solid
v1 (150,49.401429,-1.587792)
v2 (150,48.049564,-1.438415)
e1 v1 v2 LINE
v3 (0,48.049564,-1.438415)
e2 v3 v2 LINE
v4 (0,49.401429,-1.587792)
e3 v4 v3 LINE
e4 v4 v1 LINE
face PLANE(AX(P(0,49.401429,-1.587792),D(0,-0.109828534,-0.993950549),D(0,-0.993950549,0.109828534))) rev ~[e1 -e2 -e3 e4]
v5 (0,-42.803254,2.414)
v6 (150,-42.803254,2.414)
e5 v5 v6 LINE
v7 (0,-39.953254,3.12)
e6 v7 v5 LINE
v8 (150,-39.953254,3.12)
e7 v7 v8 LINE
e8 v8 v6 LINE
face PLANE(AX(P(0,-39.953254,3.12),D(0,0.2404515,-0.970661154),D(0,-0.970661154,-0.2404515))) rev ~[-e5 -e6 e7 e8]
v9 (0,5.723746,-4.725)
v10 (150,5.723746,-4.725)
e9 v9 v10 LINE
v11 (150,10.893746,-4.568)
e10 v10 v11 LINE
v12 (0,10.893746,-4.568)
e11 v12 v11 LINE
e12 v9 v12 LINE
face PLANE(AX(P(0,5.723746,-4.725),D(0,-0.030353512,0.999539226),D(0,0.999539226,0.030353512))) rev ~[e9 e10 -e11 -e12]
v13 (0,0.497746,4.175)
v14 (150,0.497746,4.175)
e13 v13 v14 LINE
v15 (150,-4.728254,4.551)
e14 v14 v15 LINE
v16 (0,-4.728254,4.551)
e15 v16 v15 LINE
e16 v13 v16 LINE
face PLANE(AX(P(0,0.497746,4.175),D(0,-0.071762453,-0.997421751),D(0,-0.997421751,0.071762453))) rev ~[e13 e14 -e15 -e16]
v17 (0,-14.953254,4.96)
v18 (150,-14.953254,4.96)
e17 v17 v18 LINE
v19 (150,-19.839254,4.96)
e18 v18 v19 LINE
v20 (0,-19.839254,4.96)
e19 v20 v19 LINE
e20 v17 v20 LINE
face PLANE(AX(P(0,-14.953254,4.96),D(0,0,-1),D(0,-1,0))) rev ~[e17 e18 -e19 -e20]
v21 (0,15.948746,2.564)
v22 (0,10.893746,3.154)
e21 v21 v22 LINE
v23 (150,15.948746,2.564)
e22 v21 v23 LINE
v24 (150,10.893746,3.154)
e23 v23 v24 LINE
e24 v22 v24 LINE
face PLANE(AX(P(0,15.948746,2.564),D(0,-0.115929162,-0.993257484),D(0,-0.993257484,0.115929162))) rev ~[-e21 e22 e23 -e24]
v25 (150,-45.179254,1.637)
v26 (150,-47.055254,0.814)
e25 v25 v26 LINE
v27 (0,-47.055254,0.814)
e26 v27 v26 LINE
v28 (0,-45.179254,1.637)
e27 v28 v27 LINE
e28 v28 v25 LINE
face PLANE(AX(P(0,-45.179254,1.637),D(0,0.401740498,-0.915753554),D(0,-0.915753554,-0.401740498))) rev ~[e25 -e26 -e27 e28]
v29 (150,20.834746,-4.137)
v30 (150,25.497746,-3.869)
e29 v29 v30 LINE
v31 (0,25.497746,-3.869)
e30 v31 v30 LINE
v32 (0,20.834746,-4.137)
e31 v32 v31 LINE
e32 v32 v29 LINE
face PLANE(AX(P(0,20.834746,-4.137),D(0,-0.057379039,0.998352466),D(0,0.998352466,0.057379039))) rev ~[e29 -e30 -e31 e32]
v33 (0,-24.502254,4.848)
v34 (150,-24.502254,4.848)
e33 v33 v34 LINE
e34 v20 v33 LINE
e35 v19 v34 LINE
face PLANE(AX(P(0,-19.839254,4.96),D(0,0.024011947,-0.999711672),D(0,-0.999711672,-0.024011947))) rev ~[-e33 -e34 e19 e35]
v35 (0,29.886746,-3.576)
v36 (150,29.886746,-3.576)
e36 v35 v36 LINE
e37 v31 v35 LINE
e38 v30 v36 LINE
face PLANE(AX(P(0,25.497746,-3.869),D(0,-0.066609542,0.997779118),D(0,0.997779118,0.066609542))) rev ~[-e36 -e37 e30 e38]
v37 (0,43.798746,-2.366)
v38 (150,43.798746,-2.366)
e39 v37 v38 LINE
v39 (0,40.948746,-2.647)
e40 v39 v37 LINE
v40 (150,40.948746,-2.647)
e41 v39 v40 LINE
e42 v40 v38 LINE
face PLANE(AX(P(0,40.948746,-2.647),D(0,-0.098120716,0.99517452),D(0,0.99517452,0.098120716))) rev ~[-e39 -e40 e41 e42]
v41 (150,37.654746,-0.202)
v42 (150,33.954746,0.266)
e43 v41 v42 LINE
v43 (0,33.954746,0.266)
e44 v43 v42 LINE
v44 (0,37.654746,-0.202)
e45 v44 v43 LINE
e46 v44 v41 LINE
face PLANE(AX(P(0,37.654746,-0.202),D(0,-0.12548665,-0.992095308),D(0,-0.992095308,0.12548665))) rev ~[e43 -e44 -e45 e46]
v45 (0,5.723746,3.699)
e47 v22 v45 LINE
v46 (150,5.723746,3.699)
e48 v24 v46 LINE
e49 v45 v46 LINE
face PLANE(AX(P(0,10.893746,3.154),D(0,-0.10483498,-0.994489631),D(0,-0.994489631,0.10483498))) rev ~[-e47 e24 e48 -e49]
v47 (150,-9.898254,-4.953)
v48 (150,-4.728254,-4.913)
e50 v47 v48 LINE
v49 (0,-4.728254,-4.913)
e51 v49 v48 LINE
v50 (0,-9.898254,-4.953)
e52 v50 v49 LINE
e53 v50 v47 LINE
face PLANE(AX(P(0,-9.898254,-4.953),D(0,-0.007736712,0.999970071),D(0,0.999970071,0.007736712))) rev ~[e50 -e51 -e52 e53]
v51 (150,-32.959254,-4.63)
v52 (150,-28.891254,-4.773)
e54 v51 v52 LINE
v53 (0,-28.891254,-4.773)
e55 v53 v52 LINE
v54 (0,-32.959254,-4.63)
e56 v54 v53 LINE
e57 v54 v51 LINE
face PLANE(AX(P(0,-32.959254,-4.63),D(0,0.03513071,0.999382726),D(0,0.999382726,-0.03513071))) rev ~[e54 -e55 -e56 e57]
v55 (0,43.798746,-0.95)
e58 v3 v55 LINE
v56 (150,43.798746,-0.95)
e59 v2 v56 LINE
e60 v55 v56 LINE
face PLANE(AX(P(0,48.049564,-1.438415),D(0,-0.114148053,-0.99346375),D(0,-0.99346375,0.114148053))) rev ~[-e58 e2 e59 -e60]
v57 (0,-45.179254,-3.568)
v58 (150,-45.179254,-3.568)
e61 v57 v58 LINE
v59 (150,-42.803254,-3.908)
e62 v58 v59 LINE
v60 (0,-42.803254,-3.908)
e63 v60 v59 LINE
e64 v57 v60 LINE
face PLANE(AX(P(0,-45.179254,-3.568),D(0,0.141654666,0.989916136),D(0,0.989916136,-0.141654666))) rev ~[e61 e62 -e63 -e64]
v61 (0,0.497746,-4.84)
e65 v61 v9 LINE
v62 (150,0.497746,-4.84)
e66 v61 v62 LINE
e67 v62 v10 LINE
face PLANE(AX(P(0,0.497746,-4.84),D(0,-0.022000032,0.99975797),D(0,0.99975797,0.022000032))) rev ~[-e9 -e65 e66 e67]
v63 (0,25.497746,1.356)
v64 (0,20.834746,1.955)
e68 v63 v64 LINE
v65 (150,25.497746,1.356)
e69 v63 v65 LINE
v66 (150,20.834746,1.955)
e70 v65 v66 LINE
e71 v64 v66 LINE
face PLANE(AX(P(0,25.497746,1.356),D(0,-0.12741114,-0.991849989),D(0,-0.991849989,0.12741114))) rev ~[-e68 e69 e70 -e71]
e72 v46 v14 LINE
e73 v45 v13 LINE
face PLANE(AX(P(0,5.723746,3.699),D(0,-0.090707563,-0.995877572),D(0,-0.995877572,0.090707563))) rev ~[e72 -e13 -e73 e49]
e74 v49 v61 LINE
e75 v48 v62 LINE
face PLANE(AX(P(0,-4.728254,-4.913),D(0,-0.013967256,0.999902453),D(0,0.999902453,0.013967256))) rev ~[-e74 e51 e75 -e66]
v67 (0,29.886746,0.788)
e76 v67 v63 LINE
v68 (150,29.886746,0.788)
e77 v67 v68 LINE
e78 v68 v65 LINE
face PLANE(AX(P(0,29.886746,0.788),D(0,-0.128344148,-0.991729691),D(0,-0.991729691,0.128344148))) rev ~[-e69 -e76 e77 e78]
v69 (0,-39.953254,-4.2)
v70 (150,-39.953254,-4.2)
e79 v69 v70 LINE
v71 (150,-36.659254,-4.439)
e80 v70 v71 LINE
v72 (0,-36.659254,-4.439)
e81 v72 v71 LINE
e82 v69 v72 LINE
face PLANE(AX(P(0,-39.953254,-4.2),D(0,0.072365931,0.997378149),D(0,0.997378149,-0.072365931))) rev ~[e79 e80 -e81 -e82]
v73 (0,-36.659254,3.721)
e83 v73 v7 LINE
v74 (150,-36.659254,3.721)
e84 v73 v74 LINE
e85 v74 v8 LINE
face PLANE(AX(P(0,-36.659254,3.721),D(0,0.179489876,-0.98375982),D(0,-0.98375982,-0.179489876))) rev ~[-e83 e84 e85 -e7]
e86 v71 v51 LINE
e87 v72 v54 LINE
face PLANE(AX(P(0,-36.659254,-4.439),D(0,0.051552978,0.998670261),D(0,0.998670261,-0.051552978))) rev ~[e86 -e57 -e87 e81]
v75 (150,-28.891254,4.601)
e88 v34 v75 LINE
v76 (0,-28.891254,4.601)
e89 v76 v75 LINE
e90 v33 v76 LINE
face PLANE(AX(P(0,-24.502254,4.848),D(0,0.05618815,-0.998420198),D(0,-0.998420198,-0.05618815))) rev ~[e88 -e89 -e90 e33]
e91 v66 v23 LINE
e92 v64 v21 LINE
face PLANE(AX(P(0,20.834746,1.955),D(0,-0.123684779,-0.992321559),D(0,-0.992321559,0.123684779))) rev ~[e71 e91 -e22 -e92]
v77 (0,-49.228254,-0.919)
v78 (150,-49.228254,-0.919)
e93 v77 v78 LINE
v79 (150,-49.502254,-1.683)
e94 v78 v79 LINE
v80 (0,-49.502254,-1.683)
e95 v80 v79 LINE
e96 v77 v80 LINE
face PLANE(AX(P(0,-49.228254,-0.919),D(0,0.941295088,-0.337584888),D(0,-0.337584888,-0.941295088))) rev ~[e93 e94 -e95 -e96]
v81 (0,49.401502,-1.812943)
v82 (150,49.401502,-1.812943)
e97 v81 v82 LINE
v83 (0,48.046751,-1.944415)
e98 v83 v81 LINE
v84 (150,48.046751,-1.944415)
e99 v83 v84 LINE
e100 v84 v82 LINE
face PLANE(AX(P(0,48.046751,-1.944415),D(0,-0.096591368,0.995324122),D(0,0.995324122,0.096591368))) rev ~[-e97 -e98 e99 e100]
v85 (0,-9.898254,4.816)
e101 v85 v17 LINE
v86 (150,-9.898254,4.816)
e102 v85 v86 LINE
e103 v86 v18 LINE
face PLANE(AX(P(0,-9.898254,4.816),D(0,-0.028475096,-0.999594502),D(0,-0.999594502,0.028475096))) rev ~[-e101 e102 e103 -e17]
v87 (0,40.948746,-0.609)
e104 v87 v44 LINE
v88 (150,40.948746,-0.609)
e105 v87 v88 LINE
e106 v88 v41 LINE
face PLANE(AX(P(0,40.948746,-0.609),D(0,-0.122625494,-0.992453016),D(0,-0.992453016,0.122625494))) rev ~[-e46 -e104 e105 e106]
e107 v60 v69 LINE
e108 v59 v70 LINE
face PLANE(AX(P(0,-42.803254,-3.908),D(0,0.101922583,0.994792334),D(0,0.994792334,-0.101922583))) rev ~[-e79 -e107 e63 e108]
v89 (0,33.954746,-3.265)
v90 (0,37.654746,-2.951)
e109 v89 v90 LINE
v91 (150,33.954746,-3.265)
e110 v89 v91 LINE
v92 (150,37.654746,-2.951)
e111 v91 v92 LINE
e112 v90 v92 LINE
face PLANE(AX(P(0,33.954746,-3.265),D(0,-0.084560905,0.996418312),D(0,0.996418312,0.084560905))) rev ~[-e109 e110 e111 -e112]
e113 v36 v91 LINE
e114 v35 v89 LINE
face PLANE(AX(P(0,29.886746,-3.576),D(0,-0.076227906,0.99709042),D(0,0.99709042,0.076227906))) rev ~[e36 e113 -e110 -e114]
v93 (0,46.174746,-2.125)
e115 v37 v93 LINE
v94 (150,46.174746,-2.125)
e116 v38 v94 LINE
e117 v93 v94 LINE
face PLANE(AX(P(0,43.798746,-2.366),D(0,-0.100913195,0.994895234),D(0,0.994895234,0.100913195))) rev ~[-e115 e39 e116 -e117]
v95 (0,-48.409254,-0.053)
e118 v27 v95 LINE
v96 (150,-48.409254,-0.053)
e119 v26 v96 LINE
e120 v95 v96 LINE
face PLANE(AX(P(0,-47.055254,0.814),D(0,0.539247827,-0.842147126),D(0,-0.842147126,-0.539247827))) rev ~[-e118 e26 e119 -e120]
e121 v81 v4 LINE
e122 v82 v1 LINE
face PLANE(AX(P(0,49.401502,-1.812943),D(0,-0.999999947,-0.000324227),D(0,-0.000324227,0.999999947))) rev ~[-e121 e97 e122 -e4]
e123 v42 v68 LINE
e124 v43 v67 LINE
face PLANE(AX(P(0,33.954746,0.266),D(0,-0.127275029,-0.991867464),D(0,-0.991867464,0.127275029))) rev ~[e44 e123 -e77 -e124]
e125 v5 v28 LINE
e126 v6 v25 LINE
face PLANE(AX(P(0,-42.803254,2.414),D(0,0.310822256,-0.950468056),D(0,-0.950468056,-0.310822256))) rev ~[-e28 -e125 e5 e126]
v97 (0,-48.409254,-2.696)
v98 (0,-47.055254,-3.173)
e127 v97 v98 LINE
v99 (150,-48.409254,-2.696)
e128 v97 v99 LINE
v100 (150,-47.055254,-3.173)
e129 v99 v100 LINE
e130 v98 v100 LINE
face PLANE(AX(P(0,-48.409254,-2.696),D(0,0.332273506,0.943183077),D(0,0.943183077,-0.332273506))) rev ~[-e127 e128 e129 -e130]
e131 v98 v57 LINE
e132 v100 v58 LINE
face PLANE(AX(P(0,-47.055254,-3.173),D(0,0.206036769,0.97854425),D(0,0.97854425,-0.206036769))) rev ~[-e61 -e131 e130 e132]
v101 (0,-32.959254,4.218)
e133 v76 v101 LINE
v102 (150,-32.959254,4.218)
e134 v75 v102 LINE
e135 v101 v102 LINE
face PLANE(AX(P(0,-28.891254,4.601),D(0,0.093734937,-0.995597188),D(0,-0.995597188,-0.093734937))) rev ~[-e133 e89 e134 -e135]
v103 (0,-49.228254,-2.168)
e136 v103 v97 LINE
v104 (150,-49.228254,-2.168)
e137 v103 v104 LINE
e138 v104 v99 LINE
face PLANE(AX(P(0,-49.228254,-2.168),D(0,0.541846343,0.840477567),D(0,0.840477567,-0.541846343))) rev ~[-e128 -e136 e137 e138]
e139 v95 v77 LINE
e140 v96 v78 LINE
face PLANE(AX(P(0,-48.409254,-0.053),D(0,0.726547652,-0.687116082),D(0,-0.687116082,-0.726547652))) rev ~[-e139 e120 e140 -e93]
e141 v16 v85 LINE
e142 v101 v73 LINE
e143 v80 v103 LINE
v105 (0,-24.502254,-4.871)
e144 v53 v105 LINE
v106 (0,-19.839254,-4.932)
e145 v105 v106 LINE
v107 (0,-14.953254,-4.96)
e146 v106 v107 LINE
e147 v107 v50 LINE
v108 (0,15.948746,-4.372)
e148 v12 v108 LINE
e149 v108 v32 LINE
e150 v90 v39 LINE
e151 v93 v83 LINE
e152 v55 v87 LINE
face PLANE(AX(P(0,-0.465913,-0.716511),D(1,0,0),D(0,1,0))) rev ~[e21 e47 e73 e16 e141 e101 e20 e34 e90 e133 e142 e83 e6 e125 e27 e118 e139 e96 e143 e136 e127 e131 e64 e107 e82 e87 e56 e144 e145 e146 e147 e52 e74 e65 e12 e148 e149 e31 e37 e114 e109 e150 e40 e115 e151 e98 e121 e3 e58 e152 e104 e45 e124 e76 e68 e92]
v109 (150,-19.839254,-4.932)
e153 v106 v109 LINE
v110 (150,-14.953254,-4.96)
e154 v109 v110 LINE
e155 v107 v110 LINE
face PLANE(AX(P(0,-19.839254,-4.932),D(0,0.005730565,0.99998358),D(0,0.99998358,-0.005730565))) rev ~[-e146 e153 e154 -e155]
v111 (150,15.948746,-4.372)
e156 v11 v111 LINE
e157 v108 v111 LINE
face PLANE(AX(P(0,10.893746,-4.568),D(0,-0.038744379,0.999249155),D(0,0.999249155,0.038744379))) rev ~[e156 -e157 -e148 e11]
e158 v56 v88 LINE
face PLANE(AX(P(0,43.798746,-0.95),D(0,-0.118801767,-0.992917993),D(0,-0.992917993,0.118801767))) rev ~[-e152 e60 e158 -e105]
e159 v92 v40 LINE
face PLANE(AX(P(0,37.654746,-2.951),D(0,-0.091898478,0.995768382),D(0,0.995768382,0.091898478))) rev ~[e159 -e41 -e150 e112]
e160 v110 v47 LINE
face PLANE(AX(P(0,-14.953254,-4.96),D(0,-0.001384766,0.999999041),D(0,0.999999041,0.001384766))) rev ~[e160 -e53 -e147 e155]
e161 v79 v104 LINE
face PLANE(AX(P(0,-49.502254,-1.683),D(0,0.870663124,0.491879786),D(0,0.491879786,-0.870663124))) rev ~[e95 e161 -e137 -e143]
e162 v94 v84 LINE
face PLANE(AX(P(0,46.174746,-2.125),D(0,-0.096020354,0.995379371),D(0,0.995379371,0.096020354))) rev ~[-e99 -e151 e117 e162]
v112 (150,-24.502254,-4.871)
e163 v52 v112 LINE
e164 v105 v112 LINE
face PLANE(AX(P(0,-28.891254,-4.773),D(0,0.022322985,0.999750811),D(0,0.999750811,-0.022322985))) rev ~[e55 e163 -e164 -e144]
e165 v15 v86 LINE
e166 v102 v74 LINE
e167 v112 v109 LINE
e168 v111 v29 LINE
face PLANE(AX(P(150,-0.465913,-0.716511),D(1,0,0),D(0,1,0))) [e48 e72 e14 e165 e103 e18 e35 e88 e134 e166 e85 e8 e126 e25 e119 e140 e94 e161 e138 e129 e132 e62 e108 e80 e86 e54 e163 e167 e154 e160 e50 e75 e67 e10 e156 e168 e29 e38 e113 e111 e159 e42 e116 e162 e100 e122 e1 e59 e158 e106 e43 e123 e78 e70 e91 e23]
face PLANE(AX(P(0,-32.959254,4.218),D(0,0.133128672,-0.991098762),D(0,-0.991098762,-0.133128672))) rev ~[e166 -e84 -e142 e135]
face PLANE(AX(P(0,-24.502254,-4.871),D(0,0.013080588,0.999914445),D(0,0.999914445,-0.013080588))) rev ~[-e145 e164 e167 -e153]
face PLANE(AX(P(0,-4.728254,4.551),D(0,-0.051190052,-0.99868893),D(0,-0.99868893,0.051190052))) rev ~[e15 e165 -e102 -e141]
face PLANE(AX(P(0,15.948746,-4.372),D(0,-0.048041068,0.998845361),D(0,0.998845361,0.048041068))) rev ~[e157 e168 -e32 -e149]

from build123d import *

# Parameters (mm, degrees)
F1_DEPTH = 150


with BuildPart() as f1:
    # F0 (on Right) → F1 (new body)
    with BuildSketch(Plane.YZ):
        Polygon((49.401502, -1.812943), (49.401429, -1.587792), (48.049564, -1.438415), (43.798746, -0.95), (40.948746, -0.609), (37.654746, -0.202), (33.954746, 0.266), (29.886746, 0.788), (25.497746, 1.356), (20.834746, 1.955), (15.948746, 2.564), (10.893746, 3.154), (5.723746, 3.699), (0.497746, 4.175), (-4.728254, 4.551), (-9.898254, 4.816), (-14.953254, 4.96), (-19.839254, 4.96), (-24.502254, 4.848), (-28.891254, 4.601), (-32.959254, 4.218), (-36.659254, 3.721), (-39.953254, 3.12), (-42.803254, 2.414), (-45.179254, 1.637), (-47.055254, 0.814), (-48.409254, -0.053), (-49.228254, -0.919), (-49.502254, -1.683), (-49.228254, -2.168), (-48.409254, -2.696), (-47.055254, -3.173), (-45.179254, -3.568), (-42.803254, -3.908), (-39.953254, -4.2), (-36.659254, -4.439), (-32.959254, -4.63), (-28.891254, -4.773), (-24.502254, -4.871), (-19.839254, -4.932), (-14.953254, -4.96), (-9.898254, -4.953), (-4.728254, -4.913), (0.497746, -4.84), (5.723746, -4.725), (10.893746, -4.568), (15.948746, -4.372), (20.834746, -4.137), (25.497746, -3.869), (29.886746, -3.576), (33.954746, -3.265), (37.654746, -2.951), (40.948746, -2.647), (43.798746, -2.366), (46.174746, -2.125), (48.046751, -1.944415), align=None)
    extrude(amount=F1_DEPTH)


solid = f1.part
